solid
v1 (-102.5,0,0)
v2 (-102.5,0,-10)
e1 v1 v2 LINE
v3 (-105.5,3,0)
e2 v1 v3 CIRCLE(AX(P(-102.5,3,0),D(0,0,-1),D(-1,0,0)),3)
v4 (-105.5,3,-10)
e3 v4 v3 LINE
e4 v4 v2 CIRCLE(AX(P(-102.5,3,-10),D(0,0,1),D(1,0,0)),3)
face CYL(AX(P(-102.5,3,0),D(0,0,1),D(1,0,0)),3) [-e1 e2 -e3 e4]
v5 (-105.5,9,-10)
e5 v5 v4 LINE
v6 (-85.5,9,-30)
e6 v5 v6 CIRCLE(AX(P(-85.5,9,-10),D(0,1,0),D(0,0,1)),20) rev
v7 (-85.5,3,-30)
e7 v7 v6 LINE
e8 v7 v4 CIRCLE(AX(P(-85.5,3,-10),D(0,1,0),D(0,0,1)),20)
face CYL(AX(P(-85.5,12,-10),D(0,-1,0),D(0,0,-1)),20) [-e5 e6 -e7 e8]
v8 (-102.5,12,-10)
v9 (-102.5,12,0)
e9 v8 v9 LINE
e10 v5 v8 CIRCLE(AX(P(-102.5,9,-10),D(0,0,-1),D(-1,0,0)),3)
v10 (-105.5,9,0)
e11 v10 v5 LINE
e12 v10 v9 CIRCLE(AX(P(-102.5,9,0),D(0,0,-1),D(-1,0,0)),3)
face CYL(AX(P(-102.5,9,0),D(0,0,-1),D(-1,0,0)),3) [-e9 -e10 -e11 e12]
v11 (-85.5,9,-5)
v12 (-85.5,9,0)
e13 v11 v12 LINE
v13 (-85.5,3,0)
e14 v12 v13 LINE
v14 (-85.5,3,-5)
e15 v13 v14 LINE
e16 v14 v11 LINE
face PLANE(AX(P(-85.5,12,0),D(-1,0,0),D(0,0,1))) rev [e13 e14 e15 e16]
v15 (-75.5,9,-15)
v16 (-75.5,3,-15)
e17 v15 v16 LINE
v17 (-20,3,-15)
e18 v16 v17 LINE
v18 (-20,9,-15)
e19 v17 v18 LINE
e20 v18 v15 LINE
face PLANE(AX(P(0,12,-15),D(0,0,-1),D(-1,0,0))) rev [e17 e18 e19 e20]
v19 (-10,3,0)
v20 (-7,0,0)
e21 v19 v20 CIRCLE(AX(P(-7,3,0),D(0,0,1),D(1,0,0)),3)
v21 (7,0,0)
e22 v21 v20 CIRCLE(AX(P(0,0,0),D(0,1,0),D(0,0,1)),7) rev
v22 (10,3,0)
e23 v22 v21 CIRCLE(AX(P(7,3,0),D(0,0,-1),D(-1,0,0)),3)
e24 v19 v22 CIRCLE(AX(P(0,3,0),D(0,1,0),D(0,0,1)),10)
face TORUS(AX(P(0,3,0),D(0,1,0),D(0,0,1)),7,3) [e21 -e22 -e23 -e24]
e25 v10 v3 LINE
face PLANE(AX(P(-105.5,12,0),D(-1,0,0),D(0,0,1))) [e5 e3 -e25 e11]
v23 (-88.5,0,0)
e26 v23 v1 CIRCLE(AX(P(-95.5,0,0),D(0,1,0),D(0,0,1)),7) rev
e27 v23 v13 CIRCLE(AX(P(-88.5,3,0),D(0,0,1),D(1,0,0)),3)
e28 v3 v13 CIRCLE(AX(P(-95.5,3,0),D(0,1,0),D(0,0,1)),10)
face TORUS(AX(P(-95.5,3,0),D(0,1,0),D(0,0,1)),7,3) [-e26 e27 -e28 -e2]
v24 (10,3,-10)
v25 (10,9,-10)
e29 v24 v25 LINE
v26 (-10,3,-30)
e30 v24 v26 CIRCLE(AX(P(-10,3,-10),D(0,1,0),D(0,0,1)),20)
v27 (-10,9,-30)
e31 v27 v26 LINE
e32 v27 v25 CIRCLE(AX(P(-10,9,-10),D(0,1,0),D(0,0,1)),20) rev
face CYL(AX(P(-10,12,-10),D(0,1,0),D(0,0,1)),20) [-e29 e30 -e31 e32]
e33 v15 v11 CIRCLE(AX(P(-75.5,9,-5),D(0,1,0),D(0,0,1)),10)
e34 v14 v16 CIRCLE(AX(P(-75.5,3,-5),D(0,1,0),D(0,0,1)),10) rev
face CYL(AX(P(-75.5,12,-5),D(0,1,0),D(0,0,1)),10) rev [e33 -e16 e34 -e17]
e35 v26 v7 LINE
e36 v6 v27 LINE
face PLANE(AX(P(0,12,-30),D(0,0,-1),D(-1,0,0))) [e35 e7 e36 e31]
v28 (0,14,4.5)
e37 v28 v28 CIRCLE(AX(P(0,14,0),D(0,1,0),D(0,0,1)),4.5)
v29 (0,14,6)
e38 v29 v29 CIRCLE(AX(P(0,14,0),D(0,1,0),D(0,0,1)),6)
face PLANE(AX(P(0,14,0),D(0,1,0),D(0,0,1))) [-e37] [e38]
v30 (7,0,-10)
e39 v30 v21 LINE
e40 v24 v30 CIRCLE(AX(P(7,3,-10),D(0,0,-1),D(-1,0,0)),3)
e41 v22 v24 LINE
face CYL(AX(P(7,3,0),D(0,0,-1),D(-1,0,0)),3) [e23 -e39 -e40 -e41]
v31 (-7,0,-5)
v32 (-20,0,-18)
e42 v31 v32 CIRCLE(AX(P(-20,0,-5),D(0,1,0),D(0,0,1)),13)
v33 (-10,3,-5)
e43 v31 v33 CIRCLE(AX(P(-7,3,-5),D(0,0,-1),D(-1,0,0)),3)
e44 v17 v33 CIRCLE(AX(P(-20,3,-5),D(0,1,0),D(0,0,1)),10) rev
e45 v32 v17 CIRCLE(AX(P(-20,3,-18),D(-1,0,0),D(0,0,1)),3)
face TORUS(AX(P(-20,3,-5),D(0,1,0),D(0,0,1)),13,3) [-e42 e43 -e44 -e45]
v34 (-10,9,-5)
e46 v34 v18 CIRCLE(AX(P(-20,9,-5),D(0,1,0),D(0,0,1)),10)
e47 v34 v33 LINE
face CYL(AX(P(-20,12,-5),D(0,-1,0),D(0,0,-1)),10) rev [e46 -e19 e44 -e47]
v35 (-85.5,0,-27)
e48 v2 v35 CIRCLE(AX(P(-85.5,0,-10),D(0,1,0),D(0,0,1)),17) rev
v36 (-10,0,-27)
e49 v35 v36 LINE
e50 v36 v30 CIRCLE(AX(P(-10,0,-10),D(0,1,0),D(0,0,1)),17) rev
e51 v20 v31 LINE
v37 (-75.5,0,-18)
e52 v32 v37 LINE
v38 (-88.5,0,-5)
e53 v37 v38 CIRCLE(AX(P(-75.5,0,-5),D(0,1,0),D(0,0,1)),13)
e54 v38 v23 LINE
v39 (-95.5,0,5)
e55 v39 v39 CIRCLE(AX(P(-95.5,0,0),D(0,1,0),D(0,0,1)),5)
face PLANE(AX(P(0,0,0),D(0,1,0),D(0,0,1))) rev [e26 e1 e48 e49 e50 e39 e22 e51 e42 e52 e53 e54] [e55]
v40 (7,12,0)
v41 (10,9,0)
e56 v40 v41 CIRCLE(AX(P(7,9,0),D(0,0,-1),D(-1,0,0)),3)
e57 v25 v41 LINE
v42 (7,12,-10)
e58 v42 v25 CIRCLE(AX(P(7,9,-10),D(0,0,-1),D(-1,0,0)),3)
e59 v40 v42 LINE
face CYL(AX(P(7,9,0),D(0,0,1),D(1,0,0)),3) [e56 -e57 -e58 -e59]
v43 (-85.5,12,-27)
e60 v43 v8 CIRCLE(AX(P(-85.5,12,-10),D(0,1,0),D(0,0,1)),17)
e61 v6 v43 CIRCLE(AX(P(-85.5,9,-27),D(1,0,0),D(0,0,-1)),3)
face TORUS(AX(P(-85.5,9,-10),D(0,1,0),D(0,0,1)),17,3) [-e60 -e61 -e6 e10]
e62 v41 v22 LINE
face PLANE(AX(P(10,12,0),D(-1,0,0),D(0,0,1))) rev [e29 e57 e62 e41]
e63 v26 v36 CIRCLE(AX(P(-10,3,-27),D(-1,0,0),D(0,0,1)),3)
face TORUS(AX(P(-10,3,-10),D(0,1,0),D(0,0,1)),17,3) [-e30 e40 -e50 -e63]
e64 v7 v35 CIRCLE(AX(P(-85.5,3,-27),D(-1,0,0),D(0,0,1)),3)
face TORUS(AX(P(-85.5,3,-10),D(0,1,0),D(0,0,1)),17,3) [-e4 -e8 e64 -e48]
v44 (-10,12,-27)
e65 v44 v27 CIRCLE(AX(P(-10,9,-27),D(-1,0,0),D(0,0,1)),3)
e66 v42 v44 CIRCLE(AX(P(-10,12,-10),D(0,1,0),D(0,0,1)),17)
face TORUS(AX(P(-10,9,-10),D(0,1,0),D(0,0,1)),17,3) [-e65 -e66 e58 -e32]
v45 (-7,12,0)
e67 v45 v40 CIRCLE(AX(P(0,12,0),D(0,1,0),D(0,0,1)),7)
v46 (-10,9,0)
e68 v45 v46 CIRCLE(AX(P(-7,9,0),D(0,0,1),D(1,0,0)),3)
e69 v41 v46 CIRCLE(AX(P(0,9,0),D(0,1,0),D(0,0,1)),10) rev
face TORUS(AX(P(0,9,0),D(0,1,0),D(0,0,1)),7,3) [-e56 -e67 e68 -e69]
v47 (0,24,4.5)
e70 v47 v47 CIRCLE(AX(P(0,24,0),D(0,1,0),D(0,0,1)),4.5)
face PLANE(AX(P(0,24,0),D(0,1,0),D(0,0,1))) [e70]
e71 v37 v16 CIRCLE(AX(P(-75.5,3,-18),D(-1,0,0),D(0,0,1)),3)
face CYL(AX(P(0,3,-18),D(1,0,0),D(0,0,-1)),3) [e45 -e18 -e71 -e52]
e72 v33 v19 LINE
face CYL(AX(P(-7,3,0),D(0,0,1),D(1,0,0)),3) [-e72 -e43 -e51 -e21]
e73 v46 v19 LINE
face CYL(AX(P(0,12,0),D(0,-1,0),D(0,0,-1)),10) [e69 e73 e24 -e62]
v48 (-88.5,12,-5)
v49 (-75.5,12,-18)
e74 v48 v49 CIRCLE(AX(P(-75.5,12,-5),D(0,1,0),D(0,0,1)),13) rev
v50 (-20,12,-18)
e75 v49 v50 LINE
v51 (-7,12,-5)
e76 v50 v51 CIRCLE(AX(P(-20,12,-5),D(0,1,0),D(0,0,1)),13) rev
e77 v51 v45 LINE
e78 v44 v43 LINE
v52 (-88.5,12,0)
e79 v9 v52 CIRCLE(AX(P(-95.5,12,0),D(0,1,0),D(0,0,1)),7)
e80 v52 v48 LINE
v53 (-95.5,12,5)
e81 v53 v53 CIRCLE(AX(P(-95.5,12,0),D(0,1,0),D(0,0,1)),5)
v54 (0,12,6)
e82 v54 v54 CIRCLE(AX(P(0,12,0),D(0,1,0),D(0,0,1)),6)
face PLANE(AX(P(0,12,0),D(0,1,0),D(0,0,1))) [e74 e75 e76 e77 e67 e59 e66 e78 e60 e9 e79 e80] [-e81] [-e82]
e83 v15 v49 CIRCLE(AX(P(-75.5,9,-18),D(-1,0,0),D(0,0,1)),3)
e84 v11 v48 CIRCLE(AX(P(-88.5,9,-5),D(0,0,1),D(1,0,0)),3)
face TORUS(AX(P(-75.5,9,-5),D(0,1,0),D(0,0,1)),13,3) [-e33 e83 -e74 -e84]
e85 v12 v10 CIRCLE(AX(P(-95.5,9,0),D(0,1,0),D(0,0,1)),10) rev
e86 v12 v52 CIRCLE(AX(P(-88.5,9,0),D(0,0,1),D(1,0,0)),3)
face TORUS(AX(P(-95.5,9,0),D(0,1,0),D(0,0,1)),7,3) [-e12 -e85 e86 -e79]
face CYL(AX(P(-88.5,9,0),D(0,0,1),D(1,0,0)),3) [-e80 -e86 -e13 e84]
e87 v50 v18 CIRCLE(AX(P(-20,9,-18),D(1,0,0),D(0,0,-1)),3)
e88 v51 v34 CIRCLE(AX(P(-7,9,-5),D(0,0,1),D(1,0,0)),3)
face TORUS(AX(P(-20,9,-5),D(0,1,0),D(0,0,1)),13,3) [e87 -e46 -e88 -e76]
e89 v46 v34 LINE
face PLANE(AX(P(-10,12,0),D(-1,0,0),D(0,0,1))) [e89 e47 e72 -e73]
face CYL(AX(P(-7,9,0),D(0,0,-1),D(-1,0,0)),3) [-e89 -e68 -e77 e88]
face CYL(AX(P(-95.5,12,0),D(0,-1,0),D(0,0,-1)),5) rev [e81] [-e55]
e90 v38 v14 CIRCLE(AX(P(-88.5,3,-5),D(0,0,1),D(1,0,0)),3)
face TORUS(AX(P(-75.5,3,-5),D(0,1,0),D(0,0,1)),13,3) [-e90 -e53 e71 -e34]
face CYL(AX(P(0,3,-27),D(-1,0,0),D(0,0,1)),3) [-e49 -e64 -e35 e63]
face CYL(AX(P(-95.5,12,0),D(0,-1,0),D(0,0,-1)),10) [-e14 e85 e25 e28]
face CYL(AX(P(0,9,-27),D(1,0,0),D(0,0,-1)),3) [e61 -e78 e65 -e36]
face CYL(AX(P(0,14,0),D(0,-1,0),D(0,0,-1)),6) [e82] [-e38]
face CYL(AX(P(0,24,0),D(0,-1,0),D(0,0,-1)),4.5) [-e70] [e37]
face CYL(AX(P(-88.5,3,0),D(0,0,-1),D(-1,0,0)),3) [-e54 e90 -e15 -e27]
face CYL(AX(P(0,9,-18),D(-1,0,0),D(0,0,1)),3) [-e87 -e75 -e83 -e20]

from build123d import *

# Parameters (mm, degrees)
SKETCH7_R           = 5
BOSS_EXTRUDE5_DEPTH = 12
SKETCH8_R           = 6
BOSS_EXTRUDE6_DEPTH = 2
SKETCH9_R           = 4.5
BOSS_EXTRUDE7_DEPTH = 10
FILLET2_R           = 20
FILLET3_R           = 10
FILLET5_R           = 3


with BuildPart() as part:
    # Sketch7 → Boss-Extrude5 (new body)
    with BuildSketch(Plane(origin=(0, 0, 0), x_dir=(1, 0, 0), z_dir=(0, 1, 0))):
        with BuildLine():
            Line((-105.5, 30), (-105.5, 0))
            ThreePointArc((-105.5, 0), (-95.5, -10), (-85.5, 0))
            Line((-85.5, 0), (-85.5, 15))
            Line((-85.5, 15), (-10, 15))
            Line((-10, 15), (-10, 0))
            ThreePointArc((-10, 0), (0, -10), (10, 0))
            Line((10, 0), (10, 30))
            Line((10, 30), (-10, 30))
            Line((-10, 30), (-85.5, 30))
            Line((-85.5, 30), (-105.5, 30))
        make_face()
        with Locations((-95.5, 0)):
            Circle(SKETCH7_R, mode=Mode.SUBTRACT)
    extrude(amount=BOSS_EXTRUDE5_DEPTH)

    # Sketch8 → Boss-Extrude6 (add)
    with BuildSketch(Plane(origin=(0, 12, 0), x_dir=(1, 0, 0), z_dir=(0, 1, 0))):
        Circle(SKETCH8_R)
    extrude(amount=BOSS_EXTRUDE6_DEPTH)

    # Sketch9 → Boss-Extrude7 (add)
    with BuildSketch(Plane(origin=(0, 14, 0), x_dir=(1, 0, 0), z_dir=(0, 1, 0))):
        Circle(SKETCH9_R)
    extrude(amount=BOSS_EXTRUDE7_DEPTH)

    # Fillet2
    fillet2_edges = [part.edges().sort_by_distance(p)[0] for p in [
        (-105.5, 6, -30),
        (10, 6, -30),
    ]]
    fillet(fillet2_edges, radius=FILLET2_R)

    # Fillet3
    fillet3_edges = [part.edges().sort_by_distance(p)[0] for p in [
        (-10, 6, -15),
        (-85.5, 6, -15),
    ]]
    fillet(fillet3_edges, radius=FILLET3_R)

    # Fillet5
    fillet5_edges = [part.edges().sort_by_distance(p)[0] for p in [
        (10, 0, -5),
        (-105.5, 12, -5),
        (0, 0, 10),
        (-10, 0, -2.5),
        (-85.5, 0, -2.5),
        (-95.5, 0, 10),
        (-105.5, 0, -5),
        (-95.5, 12, 10),
        (-85.5, 12, -2.5),
        (-10, 12, -2.5),
        (0, 12, 10),
        (-47.75, 0, -30),
        (-47.75, 12, -30),
        (-99.642135624, 0, -24.142135624),
        (10, 12, -5),
        (4.142135624, 0, -24.142135624),
        (-99.642135624, 12, -24.142135624),
        (4.142135624, 12, -24.142135624),
        (-47.75, 0, -15),
        (-47.75, 12, -15),
        (-12.928932188, 0, -12.071067812),
        (-12.928932188, 12, -12.071067812),
        (-82.571067812, 0, -12.071067812),
        (-82.571067812, 12, -12.071067812),
    ]]
    fillet(fillet5_edges, radius=FILLET5_R)


solid = part.part
